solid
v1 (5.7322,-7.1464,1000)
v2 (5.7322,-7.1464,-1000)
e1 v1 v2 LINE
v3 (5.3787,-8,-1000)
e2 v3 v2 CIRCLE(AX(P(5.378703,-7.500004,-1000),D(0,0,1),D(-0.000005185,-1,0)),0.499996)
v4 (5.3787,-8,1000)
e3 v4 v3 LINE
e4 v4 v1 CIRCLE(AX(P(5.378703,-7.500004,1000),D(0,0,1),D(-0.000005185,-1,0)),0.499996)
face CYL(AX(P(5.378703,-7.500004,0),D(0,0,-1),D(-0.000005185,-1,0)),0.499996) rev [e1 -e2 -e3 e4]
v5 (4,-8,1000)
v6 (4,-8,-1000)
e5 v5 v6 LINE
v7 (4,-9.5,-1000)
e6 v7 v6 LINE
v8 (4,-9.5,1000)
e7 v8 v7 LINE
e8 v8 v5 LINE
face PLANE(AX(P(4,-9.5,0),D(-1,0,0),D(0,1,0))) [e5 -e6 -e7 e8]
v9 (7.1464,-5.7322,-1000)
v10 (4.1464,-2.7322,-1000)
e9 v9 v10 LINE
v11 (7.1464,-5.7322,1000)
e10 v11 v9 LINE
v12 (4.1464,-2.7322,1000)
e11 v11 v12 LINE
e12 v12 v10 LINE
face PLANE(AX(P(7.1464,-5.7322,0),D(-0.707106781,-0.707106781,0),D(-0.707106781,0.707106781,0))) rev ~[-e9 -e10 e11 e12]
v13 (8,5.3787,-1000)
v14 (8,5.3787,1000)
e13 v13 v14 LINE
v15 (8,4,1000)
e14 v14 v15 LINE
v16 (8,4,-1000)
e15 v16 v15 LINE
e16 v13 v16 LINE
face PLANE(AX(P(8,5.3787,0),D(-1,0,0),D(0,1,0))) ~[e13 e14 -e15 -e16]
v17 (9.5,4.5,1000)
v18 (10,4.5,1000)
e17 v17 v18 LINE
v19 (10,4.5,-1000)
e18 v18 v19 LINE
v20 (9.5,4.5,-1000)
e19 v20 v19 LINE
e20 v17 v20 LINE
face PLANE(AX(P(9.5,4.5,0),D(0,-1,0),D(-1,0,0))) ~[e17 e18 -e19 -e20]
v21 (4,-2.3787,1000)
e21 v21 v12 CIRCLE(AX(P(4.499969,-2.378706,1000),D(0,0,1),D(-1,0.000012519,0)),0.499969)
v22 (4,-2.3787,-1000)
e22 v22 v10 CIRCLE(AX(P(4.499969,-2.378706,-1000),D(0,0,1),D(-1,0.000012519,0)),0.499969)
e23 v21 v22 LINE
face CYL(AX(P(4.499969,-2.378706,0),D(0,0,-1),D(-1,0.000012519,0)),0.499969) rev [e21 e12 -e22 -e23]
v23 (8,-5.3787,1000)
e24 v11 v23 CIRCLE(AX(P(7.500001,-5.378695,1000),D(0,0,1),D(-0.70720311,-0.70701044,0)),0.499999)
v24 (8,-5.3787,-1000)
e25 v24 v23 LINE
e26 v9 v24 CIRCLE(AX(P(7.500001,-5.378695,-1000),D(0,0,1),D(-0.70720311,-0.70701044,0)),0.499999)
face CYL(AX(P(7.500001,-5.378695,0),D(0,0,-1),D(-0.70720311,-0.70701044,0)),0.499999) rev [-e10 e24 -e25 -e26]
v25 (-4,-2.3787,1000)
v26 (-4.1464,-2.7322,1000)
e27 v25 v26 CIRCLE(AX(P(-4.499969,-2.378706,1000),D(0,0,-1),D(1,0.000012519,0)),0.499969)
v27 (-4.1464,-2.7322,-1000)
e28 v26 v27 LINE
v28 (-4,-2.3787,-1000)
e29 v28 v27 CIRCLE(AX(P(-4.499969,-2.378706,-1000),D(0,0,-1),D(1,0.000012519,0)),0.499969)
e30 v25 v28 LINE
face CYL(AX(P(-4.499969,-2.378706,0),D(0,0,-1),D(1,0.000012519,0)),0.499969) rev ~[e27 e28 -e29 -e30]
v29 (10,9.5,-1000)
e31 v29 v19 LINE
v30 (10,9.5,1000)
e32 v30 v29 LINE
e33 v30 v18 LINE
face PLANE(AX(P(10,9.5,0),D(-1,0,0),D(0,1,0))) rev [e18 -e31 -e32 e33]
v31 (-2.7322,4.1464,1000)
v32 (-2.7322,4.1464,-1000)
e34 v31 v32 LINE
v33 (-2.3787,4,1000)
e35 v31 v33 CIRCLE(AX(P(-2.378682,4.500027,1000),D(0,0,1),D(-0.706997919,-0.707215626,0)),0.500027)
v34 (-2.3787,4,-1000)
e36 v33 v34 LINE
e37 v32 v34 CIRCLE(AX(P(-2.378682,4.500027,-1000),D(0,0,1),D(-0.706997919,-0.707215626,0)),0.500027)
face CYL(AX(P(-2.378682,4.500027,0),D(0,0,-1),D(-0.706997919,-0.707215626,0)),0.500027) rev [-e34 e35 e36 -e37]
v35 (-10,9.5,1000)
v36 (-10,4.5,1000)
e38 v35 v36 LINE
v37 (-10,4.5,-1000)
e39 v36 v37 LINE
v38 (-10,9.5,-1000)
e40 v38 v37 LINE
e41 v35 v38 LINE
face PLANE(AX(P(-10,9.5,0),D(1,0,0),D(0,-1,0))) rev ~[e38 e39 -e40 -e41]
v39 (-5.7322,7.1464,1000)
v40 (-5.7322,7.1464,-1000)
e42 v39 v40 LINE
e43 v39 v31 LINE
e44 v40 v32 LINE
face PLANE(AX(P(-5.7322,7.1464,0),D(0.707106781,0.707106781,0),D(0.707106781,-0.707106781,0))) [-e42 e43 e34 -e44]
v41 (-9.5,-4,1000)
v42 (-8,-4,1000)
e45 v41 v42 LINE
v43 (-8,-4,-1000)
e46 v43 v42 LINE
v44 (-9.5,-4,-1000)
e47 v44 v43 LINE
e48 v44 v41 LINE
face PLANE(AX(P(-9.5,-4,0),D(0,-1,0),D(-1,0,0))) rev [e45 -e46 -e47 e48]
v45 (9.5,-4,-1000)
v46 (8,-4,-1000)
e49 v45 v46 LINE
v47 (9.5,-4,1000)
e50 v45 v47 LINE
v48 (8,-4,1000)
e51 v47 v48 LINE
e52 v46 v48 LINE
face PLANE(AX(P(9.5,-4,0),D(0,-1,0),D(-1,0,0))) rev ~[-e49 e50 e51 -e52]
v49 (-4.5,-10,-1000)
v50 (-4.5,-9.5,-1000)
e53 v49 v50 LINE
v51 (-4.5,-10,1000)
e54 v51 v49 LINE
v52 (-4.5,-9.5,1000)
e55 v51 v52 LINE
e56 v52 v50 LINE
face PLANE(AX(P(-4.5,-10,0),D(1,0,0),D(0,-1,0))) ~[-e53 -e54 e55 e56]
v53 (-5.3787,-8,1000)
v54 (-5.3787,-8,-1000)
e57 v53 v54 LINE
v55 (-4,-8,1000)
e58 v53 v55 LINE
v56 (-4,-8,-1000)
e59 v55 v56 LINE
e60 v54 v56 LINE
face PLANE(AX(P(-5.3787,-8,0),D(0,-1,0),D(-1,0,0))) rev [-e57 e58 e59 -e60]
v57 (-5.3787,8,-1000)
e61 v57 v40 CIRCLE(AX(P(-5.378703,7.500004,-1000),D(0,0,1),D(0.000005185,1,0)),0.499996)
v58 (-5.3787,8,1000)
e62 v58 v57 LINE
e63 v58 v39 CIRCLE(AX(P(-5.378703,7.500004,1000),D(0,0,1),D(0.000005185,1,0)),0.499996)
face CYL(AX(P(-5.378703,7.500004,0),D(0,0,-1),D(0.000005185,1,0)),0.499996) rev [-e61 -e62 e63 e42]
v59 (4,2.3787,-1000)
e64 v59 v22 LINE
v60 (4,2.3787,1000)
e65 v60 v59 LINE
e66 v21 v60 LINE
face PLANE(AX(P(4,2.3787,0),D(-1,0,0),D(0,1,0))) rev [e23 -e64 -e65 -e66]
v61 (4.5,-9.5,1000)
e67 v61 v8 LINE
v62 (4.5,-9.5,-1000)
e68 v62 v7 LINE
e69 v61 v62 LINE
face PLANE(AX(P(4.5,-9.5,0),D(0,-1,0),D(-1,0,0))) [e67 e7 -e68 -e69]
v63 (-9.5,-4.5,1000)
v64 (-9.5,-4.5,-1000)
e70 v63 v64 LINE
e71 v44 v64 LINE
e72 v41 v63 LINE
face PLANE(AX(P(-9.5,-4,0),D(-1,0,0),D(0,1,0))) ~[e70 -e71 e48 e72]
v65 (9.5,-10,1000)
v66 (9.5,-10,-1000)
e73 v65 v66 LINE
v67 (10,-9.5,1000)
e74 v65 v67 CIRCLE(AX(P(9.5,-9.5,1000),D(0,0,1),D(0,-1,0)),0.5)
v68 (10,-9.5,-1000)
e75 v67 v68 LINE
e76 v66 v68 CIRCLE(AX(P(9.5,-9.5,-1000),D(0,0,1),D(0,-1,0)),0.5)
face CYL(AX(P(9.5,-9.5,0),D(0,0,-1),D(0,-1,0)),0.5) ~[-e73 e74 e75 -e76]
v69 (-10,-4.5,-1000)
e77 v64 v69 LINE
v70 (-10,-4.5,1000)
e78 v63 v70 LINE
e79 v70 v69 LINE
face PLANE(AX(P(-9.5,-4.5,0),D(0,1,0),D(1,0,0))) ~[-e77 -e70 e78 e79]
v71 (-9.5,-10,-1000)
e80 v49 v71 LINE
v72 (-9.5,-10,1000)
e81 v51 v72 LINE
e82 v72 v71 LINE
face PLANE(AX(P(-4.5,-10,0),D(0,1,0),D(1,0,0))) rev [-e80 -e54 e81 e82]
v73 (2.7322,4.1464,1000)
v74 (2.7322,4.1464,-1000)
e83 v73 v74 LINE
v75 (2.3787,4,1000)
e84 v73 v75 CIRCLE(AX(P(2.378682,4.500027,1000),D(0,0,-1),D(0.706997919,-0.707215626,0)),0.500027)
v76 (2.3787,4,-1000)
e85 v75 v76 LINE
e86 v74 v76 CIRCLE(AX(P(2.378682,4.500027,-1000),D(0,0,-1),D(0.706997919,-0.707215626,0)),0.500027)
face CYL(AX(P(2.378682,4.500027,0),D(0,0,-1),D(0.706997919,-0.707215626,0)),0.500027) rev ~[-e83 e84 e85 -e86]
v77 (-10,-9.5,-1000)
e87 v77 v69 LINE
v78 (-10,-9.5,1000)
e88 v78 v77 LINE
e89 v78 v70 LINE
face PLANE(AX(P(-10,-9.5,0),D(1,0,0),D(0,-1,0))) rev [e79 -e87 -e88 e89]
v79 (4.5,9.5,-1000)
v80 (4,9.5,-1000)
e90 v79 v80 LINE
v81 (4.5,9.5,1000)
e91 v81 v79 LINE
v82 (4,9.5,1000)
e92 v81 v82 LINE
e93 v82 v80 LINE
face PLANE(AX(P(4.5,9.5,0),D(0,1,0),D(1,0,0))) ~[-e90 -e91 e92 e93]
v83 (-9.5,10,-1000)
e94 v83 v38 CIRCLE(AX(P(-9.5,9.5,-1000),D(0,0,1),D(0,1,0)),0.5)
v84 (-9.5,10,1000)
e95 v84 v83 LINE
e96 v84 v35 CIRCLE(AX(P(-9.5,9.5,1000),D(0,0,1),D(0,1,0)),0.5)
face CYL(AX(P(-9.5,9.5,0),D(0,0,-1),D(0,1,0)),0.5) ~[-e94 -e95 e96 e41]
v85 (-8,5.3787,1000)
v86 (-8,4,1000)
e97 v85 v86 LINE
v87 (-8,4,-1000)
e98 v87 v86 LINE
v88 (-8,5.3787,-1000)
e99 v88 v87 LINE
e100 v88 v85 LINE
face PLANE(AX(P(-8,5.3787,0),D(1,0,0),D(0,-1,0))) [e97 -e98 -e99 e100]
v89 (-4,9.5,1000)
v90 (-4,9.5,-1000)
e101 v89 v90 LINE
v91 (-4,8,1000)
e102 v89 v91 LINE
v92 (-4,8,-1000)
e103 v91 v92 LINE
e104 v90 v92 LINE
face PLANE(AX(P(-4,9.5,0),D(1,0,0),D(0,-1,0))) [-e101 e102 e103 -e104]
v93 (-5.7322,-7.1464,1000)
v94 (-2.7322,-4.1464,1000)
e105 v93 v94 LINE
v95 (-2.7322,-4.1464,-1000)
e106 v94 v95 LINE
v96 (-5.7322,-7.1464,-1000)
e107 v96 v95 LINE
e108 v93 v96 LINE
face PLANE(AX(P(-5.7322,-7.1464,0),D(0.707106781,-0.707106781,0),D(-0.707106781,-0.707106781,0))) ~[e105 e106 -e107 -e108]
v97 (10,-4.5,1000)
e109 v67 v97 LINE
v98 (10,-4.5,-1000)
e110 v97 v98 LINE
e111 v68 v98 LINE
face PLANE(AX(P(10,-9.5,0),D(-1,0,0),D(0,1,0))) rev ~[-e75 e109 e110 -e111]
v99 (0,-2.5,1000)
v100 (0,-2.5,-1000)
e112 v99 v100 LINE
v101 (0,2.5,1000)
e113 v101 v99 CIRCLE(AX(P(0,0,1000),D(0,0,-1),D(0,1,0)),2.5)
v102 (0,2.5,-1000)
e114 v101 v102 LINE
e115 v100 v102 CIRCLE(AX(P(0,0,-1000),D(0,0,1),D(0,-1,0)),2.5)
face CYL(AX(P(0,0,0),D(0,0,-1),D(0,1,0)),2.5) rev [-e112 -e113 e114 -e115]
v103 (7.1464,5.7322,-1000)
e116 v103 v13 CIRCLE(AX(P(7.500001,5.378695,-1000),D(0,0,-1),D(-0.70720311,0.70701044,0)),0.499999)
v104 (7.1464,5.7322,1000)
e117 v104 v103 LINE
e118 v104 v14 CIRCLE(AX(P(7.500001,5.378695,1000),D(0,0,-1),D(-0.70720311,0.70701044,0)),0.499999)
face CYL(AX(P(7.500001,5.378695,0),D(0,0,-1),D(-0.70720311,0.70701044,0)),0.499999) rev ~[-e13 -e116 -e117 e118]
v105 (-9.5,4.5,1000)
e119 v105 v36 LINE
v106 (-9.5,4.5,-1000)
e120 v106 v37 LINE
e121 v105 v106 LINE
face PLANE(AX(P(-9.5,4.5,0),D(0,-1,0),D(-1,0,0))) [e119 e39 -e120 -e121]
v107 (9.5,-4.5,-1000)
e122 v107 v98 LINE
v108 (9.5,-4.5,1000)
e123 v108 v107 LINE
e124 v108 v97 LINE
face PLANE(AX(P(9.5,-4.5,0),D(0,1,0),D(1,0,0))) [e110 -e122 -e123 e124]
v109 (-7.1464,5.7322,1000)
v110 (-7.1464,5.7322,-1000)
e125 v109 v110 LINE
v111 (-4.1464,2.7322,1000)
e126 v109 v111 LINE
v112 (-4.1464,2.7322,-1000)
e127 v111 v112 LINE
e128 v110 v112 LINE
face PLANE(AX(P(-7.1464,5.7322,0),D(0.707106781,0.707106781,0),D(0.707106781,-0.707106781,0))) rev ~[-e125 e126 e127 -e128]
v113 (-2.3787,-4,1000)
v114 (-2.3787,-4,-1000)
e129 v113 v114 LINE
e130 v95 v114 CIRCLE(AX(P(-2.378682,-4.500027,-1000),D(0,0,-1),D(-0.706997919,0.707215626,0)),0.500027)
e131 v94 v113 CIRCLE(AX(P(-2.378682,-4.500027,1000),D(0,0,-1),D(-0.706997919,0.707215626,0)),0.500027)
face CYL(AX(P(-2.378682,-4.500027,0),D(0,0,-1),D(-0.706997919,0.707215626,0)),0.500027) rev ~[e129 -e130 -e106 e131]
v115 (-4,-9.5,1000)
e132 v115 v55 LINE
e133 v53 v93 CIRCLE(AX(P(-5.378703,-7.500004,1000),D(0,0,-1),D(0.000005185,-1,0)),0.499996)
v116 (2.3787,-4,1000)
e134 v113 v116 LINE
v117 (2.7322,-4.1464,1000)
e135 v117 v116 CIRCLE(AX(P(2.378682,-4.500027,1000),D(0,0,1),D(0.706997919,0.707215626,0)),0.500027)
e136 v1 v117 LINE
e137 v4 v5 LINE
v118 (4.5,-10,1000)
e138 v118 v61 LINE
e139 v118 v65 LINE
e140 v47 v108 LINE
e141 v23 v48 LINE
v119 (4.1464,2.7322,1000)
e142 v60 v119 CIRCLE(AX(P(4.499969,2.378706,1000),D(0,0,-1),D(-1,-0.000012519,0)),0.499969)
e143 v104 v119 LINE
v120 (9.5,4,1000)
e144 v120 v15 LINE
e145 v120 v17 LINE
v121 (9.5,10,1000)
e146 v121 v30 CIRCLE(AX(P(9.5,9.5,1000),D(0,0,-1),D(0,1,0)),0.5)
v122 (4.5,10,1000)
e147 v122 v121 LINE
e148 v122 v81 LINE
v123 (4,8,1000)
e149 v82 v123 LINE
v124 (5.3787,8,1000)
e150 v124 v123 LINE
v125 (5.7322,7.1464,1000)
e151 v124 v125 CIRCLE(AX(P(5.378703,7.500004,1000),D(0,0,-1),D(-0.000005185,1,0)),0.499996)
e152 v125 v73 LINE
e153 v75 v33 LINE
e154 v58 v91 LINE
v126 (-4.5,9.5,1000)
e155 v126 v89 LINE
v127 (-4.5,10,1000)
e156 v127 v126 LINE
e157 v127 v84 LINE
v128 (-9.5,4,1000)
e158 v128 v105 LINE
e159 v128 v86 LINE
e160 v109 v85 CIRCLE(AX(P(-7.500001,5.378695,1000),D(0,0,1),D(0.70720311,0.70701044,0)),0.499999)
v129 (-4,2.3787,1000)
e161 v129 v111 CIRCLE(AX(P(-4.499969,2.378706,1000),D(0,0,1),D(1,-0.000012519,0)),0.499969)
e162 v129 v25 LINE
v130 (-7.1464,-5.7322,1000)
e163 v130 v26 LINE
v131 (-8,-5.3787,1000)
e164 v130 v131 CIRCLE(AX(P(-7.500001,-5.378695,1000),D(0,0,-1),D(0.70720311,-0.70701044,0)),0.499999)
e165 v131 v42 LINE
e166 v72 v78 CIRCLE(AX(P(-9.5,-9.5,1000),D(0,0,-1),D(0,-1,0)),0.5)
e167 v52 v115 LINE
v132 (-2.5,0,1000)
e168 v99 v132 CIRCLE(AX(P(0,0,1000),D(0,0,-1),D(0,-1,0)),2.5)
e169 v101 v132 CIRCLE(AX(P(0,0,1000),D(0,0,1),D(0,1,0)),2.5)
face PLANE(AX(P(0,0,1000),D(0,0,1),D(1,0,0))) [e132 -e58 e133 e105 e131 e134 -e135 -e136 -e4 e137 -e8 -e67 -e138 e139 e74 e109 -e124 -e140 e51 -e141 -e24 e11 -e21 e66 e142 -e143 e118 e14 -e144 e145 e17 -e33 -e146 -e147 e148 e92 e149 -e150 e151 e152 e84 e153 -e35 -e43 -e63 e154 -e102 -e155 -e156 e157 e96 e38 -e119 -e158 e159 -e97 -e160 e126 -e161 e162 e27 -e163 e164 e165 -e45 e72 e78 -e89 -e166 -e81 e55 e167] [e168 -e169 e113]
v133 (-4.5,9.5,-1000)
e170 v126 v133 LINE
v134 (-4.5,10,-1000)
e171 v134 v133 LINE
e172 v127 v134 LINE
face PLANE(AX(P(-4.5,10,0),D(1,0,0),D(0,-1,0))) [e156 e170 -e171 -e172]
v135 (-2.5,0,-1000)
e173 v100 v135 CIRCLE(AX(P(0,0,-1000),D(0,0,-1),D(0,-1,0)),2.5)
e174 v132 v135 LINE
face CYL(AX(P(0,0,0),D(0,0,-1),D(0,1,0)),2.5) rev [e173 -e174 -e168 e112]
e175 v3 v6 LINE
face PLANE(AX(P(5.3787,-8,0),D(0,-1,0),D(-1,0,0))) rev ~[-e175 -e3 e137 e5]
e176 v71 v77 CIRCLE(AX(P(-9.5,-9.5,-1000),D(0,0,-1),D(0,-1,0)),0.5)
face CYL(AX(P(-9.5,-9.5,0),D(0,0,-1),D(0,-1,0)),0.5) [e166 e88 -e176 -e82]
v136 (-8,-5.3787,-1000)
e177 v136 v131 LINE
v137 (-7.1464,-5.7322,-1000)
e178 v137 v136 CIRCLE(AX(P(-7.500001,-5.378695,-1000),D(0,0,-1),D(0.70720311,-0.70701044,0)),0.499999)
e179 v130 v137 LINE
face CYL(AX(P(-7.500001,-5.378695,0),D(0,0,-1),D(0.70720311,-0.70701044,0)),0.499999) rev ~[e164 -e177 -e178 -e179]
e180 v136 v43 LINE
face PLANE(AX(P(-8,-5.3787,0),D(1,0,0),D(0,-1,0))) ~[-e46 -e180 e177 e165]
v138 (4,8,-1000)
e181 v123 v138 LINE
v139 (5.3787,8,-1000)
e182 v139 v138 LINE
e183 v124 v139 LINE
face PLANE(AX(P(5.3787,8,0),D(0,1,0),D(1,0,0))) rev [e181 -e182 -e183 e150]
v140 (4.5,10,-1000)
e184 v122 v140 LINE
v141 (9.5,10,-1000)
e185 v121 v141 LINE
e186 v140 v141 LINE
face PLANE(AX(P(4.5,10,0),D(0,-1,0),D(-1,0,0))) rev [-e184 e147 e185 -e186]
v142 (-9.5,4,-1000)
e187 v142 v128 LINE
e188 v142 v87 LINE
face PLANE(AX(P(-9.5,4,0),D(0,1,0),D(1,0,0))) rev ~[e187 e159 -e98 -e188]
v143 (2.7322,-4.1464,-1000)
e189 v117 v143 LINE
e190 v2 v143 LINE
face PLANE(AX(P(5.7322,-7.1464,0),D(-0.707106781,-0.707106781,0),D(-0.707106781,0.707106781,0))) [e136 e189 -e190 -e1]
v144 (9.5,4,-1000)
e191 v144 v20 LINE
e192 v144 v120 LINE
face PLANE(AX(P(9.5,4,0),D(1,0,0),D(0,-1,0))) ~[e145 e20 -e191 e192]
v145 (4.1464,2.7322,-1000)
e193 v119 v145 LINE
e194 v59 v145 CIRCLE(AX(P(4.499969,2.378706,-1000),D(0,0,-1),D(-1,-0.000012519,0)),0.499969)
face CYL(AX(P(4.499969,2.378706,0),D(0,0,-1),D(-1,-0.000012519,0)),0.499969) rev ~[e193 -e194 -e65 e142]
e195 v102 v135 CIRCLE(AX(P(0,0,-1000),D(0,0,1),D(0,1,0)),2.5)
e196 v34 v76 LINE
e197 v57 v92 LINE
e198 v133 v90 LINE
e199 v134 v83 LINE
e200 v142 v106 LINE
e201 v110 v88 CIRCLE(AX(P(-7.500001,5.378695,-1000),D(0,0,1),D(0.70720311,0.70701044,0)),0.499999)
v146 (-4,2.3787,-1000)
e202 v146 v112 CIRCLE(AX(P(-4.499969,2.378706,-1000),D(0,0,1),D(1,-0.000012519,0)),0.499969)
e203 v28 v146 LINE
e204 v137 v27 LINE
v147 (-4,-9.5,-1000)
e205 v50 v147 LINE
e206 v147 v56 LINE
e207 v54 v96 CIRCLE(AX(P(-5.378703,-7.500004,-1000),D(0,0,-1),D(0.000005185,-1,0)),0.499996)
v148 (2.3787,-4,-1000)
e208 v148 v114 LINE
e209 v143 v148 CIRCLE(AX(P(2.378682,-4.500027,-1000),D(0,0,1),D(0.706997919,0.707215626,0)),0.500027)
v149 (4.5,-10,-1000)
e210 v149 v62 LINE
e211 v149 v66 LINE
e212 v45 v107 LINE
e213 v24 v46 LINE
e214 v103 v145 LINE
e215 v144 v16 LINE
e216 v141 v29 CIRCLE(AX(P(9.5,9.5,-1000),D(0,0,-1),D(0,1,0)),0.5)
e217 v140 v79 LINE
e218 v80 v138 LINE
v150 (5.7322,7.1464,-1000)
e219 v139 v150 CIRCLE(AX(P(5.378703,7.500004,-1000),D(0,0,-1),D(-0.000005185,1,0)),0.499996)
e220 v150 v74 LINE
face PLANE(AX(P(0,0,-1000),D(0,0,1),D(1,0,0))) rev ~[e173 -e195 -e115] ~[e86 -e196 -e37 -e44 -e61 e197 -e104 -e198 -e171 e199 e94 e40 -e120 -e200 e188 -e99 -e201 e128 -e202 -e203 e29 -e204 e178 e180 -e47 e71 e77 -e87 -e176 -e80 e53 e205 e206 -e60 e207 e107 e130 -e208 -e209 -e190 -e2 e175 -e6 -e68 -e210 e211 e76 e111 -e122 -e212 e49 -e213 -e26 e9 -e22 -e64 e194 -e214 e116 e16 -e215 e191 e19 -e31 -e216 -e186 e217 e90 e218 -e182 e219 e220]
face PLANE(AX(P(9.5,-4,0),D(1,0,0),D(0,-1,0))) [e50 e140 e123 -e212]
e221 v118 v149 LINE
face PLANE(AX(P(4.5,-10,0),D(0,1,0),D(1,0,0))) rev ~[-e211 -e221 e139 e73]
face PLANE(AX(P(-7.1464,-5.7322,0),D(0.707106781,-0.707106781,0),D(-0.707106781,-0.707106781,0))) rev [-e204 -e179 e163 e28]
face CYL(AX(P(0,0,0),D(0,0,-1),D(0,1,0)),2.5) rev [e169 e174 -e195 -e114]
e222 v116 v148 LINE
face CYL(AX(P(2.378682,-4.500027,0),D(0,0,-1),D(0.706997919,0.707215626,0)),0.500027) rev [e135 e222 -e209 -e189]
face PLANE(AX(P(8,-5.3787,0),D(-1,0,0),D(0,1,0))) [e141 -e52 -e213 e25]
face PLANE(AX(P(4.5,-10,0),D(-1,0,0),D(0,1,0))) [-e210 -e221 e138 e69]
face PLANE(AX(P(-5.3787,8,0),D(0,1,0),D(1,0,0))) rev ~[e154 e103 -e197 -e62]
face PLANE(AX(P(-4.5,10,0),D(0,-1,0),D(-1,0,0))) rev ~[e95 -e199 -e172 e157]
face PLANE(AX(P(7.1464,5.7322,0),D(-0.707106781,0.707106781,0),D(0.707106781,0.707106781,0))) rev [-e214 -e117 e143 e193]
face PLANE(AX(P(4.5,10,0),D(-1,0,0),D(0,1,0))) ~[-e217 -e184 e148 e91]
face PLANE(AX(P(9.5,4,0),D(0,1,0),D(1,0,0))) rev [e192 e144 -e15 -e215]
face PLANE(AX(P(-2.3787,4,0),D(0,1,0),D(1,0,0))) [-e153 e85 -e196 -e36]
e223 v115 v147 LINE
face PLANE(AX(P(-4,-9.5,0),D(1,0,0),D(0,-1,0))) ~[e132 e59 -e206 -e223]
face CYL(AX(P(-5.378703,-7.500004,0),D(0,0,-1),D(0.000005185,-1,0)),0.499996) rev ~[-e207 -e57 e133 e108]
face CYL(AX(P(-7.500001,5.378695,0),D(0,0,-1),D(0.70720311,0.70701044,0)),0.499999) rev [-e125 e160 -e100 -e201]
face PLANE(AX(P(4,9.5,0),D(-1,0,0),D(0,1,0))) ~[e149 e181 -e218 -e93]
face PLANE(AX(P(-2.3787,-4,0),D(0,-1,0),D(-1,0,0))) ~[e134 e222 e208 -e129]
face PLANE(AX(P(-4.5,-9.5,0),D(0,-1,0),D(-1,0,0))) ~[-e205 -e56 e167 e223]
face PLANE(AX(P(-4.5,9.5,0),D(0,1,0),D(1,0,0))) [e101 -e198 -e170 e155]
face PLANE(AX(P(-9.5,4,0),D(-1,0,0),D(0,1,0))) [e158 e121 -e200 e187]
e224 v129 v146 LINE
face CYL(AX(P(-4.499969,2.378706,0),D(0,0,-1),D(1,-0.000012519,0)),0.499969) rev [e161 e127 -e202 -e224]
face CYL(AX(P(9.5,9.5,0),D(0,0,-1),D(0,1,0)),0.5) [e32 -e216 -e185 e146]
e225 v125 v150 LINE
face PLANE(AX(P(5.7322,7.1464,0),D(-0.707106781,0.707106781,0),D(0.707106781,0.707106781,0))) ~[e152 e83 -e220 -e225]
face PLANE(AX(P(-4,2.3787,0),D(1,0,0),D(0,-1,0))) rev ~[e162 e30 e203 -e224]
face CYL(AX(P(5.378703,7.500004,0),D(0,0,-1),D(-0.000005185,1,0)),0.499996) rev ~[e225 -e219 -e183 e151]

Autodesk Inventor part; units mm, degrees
ref_plane "YZ Plane" through (0, 0, 0) normal (1, 0, 0) x (0, 1, 0)
ref_plane "XZ Plane" through (0, 0, 0) normal (0, 1, 0) x (-1, 0, 0)
ref_plane "XY Plane" through (0, 0, 0) normal (0, 0, 1) x (1, 0, 0)
sketch "Esboço1" plane through (0, 0, 0) normal (0, 0, 1) x (1, 0, 0)
  line L0 (-10, 10) -> (10, 10) construction
  circle A0 centre (0, 0) radius 2.5 construction
  line L1 (-4, 4) -> (4, 4) construction
  line L2 (0, 0) -> (-10, 10) construction
  line L3 (-6.5858, 8) -> (-4, 8) construction
  line L4 (-4, 8) -> (-4, 10) construction
  line L5 (-4, 10) -> (-10, 10) construction
  line L6 (-4, 4) -> (-4, -4) construction
  line L7 (-6.5858, 8) -> (-2.5858, 4) construction
  line L8 (-8, 6.5858) -> (-4, 2.5858) construction
  line L9 (-10, 10) -> (-10, 0) construction
  line L10 (-10, 10) -> (-10, 4) construction
  line L11 (-8, 6.5858) -> (-8, 4) construction
  line L12 (-8, 4) -> (-10, 4) construction
  line L13 (-10, 4) -> (-9.5, 4) construction
  line L14 (-9.5, 4) -> (-9.5, 4.5)
  line L15 (-9.5, 4.5) -> (-10, 4.5)
  line L16 (-10, 4.5) -> (-10, 4) construction
  line L17 (-10, 10) -> (-10, 4.5) construction
  line L18 (-9.5, 4) -> (-8, 4)
  line L19 (-4, 10) -> (-4.5, 10) construction
  line L20 (-4.5, 10) -> (-4.5, 9.5)
  line L21 (-4.5, 9.5) -> (-4, 9.5)
  line L22 (-4, 9.5) -> (-4, 10) construction
  line L23 (-4, 9.5) -> (-4, 8)
  line L24 (-4.5, 10) -> (-10, 10) construction
  arc A1 (-9.5, 10) -> (-10, 9.5) centre (-9.5, 9.5) ccw
  line L25 (-4.5, 10) -> (-9.5, 10)
  line L26 (-10, 9.5) -> (-10, 4.5)
  line L27 (-2.5858, 4) -> (0, 4) construction
  arc A2 (-5.3787, 8) -> (-5.7322, 7.1464) centre (-5.3787, 7.5) ccw
  line L28 (-5.3787, 8) -> (-4, 8)
  line L29 (-5.7322, 7.1464) -> (-2.5858, 4) construction
  arc A3 (-7.1464, 5.7322) -> (-8, 5.3787) centre (-7.5, 5.3787) ccw
  line L30 (-7.1464, 5.7322) -> (-4, 2.5858) construction
  line L31 (-8, 5.3787) -> (-8, 4)
  arc A4 (0, 2.5) -> (-2.5, 0) centre (0, 0) ccw
  line L32 (0, 4) -> (0, 2.5)
  line L33 (-4, 2.5858) -> (-4, 0) construction
  line L34 (-4, 0) -> (-2.5, 0)
  arc A5 (-2.7322, 4.1464) -> (-2.3787, 4) centre (-2.3787, 4.5) ccw
  line L35 (-5.7322, 7.1464) -> (-2.7322, 4.1464)
  line L36 (-2.3787, 4) -> (0, 4)
  arc A6 (-4, 2.3787) -> (-4.1464, 2.7322) centre (-4.5, 2.3787) ccw
  line L37 (-7.1464, 5.7322) -> (-4.1464, 2.7322)
  line L38 (-4, 2.3787) -> (-4, 0)
  point P0 (0, 10)
  point P1 (-3.25, 0)
  dimension "d0" = 20
  dimension "d2" = 5
  dimension "d3" = 6
  dimension "d5" = 2
  dimension "d7" = 1
  dimension "d8" = 6
  dimension "d9" = 1
  dimension "d10" = 0.5
  dimension "d11" = 0.5
  dimension "d12" = 0.5
  dimension "d14" = 0.5
  dimension "d15" = 0.5
  dimension "d16" = 10
  dimension "d17" = 2.5
  dimension "d20" = 0.5
  dimension "d21" = 0.5
extrude "Extrusão1" add sketch "Esboço1" along normal mid plane 2000
mirror "Espelhar1" about plane through (0, 0, 0) normal (1, 0, 0) of "Extrusão1"
mirror "Espelhar2" about plane through (0, 0, 0) normal (0, 1, 0) of "Extrusão1", "Espelhar1"
equation "\"d16\" = 0.5 * d0"
properties part number "20×20 4 slots profile_AST02002004" material "Ouro"
